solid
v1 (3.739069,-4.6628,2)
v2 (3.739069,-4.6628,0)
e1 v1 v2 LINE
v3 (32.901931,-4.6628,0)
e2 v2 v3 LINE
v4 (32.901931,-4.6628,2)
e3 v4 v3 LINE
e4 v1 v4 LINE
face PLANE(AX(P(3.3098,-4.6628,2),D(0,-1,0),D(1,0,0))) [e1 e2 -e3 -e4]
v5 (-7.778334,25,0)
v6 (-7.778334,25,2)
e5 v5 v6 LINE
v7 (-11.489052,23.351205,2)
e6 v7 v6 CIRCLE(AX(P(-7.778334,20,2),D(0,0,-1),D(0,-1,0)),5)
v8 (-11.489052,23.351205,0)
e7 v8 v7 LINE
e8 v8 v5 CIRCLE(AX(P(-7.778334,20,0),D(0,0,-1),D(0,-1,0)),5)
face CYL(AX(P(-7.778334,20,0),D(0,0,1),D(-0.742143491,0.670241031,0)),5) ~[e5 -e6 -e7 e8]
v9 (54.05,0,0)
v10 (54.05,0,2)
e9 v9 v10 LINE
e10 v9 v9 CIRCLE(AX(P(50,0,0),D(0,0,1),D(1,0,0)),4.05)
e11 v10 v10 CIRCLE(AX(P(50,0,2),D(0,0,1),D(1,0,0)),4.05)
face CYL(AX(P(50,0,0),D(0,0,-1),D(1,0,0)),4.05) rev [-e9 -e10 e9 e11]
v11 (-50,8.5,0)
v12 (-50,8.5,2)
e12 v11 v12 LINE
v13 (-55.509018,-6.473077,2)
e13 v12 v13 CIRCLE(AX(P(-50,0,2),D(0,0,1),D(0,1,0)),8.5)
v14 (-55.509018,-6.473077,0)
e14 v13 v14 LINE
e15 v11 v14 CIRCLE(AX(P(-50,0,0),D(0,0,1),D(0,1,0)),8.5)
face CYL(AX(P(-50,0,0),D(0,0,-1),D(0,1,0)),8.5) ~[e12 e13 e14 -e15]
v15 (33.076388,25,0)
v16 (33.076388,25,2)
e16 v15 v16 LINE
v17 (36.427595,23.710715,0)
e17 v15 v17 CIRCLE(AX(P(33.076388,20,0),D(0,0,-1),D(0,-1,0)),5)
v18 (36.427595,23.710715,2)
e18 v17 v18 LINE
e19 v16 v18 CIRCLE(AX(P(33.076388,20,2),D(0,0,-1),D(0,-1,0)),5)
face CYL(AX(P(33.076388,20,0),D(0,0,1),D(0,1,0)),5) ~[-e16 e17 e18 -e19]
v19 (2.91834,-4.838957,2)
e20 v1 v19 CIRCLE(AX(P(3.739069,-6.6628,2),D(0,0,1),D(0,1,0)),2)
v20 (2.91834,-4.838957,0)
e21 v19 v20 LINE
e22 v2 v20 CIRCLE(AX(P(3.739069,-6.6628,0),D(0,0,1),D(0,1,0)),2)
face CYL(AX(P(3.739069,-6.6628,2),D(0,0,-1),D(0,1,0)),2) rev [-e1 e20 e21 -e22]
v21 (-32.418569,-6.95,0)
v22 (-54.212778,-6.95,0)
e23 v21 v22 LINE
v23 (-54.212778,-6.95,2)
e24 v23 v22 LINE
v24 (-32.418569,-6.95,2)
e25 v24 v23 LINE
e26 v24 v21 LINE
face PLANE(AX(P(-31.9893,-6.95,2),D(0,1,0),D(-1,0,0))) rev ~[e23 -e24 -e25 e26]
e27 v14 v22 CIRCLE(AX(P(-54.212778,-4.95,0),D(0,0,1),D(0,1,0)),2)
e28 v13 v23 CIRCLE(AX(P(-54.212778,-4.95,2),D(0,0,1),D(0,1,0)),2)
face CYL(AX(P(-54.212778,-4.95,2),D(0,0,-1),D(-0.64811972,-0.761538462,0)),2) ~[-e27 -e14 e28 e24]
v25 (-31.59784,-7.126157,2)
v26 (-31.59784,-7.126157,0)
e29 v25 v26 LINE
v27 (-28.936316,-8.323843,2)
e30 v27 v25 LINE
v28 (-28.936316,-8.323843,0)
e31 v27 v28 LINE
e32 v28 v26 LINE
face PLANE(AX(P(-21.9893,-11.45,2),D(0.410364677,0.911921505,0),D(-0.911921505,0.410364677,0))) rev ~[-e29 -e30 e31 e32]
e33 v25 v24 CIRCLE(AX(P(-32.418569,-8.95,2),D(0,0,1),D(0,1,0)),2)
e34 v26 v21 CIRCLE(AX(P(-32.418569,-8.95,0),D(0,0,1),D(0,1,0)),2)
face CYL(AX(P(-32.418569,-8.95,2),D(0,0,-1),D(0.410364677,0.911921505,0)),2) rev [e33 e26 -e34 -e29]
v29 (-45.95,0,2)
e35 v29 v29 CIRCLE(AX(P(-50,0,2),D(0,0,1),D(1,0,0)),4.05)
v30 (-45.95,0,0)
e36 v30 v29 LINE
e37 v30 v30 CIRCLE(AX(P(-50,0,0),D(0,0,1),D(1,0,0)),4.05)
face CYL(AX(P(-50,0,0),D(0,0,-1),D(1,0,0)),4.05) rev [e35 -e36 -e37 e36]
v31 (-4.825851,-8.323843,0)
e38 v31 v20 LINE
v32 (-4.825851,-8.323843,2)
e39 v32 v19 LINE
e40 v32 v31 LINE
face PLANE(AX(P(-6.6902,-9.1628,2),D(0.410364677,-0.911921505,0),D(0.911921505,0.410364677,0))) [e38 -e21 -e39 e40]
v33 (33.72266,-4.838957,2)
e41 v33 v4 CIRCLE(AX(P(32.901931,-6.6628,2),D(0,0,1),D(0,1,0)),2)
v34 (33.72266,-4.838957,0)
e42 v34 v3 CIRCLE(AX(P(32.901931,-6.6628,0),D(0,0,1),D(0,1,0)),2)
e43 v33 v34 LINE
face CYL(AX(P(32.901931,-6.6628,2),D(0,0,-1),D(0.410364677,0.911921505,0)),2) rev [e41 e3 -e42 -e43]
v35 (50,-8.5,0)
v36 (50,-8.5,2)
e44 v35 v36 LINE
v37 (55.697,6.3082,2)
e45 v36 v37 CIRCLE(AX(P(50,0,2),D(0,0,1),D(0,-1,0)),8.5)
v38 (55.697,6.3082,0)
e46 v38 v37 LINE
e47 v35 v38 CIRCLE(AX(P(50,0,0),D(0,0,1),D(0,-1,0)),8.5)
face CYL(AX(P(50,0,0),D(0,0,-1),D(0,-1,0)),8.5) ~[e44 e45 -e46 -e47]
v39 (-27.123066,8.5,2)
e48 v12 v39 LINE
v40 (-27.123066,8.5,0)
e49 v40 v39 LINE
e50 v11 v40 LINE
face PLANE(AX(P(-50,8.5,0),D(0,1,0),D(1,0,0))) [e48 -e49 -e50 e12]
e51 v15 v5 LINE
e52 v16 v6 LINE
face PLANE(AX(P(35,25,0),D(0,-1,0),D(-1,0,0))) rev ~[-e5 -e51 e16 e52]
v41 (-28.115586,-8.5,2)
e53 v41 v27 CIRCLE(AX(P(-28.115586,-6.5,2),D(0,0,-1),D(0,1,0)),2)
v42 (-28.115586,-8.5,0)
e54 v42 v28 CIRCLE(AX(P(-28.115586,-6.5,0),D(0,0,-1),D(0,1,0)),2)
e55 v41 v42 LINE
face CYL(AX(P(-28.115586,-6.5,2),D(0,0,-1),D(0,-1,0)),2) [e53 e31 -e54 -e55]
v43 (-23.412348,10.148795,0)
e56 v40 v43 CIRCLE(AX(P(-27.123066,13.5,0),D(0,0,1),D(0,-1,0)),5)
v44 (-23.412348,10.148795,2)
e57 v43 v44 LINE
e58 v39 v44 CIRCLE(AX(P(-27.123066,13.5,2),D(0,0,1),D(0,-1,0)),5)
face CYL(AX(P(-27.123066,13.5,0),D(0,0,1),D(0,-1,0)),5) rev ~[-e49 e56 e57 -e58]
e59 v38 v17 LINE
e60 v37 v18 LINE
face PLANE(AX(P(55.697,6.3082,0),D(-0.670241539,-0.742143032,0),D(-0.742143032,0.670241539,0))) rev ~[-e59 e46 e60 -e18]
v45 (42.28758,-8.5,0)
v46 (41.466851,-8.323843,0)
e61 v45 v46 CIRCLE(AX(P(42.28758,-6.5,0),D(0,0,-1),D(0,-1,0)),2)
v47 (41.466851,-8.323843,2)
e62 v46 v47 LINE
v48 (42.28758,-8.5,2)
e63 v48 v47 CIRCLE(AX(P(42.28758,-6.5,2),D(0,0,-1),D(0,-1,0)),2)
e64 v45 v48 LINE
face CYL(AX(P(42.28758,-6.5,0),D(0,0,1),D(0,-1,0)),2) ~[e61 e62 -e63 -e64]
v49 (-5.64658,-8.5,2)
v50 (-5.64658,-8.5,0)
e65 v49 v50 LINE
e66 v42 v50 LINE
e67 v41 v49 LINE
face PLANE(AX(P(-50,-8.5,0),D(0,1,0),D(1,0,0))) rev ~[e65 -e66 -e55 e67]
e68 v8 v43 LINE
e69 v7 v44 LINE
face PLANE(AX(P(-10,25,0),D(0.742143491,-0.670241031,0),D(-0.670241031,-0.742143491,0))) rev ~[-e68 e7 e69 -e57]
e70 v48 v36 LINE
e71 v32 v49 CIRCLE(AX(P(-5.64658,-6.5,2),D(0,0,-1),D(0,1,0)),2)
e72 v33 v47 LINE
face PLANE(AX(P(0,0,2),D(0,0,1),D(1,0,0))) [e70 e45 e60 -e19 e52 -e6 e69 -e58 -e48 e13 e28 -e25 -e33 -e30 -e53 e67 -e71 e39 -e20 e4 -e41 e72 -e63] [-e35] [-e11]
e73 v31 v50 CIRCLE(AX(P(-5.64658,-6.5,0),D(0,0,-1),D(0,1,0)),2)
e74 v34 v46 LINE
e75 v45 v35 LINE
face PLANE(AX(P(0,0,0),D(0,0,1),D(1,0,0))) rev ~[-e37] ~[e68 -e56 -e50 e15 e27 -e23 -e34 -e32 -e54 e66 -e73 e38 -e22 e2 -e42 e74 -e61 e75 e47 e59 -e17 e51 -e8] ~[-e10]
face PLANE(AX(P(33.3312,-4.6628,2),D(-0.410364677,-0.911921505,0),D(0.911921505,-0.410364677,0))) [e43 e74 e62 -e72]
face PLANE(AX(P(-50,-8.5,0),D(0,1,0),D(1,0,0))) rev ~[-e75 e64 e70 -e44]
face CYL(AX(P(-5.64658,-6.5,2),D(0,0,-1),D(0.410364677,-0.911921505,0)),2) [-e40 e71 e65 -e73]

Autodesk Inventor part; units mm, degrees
ref_plane "YZ Plane" through (0, 0, 0) normal (1, 0, 0) x (0, 1, 0)
ref_plane "XZ Plane" through (0, 0, 0) normal (0, 1, 0) x (-1, 0, 0)
ref_plane "XY Plane" through (0, 0, 0) normal (0, 0, 1) x (1, 0, 0)
sketch "スケッチ1" plane through (0, 0, 0) normal (0, 0, 1) x (1, 0, 0)
  line L0 (-50, 0) -> (50, 0) construction
  circle A0 centre (-50, 0) radius 4.05
  circle A1 centre (50, 0) radius 4.05
  line L1 (-50, 8.5) -> (50, 8.5)
  line L2 (-50, -8.5) -> (50, -8.5)
  arc A2 (-50, 8.5) -> (-50, -8.5) centre (-50, 0) ccw
  arc A3 (50, -8.5) -> (50, 8.5) centre (50, 0) ccw
  line L3 (55.697, 6.3082) -> (35, 25)
  line L4 (35, 25) -> (-10, 25)
  line L5 (-10, 25) -> (-24.9014, 8.5)
  line L6 (-16.3218, 18) -> (42.751, 18) construction
  line L7 (-10, 25) -> (-10, 18) construction
  line L8 (35, 25) -> (35, 18) construction
  circle A4 centre (32.5, 21.5) radius 1.55
  circle A5 centre (-7.5, 21.5) radius 1.55
  circle A6 centre (12.5, 21.5) radius 1.55
  line L9 (-10, 21.5) -> (35, 21.5) construction
  line L10 (35, 24) -> (-10, 24) construction
  line L11 (-10, 24) -> (-10, 19) construction
  line L12 (-10, 19) -> (35, 19) construction
  line L13 (35, 19) -> (35, 24) construction
  point P0 (0, 0)
  point P1 (0, 0)
  dimension "d0" = 100
  dimension "d1" = 8.1
  dimension "d2" = 8.5
  dimension "d8" = 8.1
  dimension "d10" = 7
  dimension "d11" = 45
  dimension "d12" = 2.5
  dimension "d13" = 3.1
  dimension "d14" = 2.5
  dimension "d15" = 15
  dimension "d17" = 5
  dimension "d18" = 19
extrude "押し出し1" add sketch "スケッチ1" along normal blind 2
fillet "フィレット1" radius 5 3 edges at (-24.9014, 8.5, 1) (-10, 25, 1) (35, 25, 1)
sketch "スケッチ2" plane through (0, 0, 2) normal (0, 0, 1) x (1, 0, 0)
  arc A0 (50, -8.5) -> (55.697, 6.3082) centre (50, 0) ccw projected
  line L0 (18, -20) -> (-35.4549, -20) construction
  line L1 (-76.9607, -11.5) -> (-72, -11.5)
  line L2 (-72, -11.5) -> (-62, -7)
  line L3 (-62, -7) -> (-32, -7)
  line L4 (-32, -7) -> (-22, -11.5)
  line L5 (-22, -11.5) -> (-17.0393, -11.5)
  line L6 (-17.0393, -11.5) -> (-17.0393, -12.4)
  line L7 (-17.0393, -12.4) -> (-76.9607, -12.4)
  line L8 (-76.9607, -12.4) -> (-76.9607, -11.5)
  line L9 (-31.9893, -6.95) -> (-62.0107, -6.95)
  line L10 (-62.0107, -6.95) -> (-72.0107, -11.45)
  line L11 (-72.0107, -11.45) -> (-77.0107, -11.45)
  line L12 (-77.0107, -11.45) -> (-77.0107, -12.45)
  line L13 (-77.0107, -12.45) -> (-16.9893, -12.45)
  line L14 (-16.9893, -12.45) -> (-16.9893, -11.45)
  line L15 (-16.9893, -11.45) -> (-21.9893, -11.45)
  line L16 (-21.9893, -11.45) -> (-31.9893, -6.95)
  circle A1 centre (-50, 0) radius 4.05 projected
  circle A2 centre (-50, 0) radius 5.5 construction
  circle A3 centre (50, 0) radius 4.05 projected
  line L17 (83.3205, -17.7128) -> (50, 0) construction
  line L18 (50, 0) -> (18, -20) construction
  line L19 (83.3205, -17.7128) -> (37.8533, -17.7128) construction
  line L20 (-11.6402, -10.1128) -> (48.2812, -10.1128)
  line L21 (48.2812, -10.1128) -> (48.2812, -9.2128)
  line L22 (48.2812, -9.2128) -> (43.3205, -9.2128)
  line L23 (43.3205, -9.2128) -> (33.3205, -4.7128)
  line L24 (33.3205, -4.7128) -> (3.3205, -4.7128)
  line L25 (3.3205, -4.7128) -> (-6.6795, -9.2128)
  line L26 (-6.6795, -9.2128) -> (-11.6402, -9.2128)
  line L27 (-11.6402, -9.2128) -> (-11.6402, -10.1128)
  line L28 (-6.6902, -9.1628) -> (3.3098, -4.6628)
  line L29 (3.3098, -4.6628) -> (33.3312, -4.6628)
  line L30 (33.3312, -4.6628) -> (43.3312, -9.1628)
  line L31 (43.3312, -9.1628) -> (48.3312, -9.1628)
  line L32 (48.3312, -9.1628) -> (48.3312, -10.1628)
  line L33 (48.3312, -10.1628) -> (-11.6902, -10.1628)
  line L34 (-11.6902, -10.1628) -> (-11.6902, -9.1628)
  line L35 (-11.6902, -9.1628) -> (-6.6902, -9.1628)
  point P0 (0, 0)
  dimension "d19" = 20
  dimension "d20" = 32
  dimension "d21" = 40
  dimension "d22" = 10
  dimension "d23" = 8.5
  dimension "d24" = 10
  dimension "d25" = 30
  dimension "d26" = 13
  dimension "d27" = 0.05
  dimension "d32" = 11
  dimension "d33" = 120
  dimension "d34" = 1
  dimension "d36" = 5
  dimension "d37" = 40
  dimension "d38" = 8.5
  dimension "d39" = 0.05
extrude "押し出し2" cut sketch "スケッチ2" against normal blind 10 contours L1 L2 L3 L4 L5 L6 L7 L8 | L16 L15 L14 L13 L12 L11 L10 L9 | L27 L26 L25 L24 L23 L22 L21 L20 | L28 L29 L30 L31 L32 L33 L34 L35
fillet "フィレット2" radius 2 7 edges at (-28.5448, -8.5, 1) (-31.9893, -6.95, 1) (-5.2173, -8.5, 1) (3.3098, -4.6628, 1) (41.8583, -8.5, 1) (33.3312, -4.6628, 1) (-54.8936, -6.95, 1)
sketch "スケッチ3" plane through (0, 0, 0) normal (0, 0, -1) x (-1, 0, 0)
  circle A0 centre (7.5, 21.5) radius 1.55 projected
  circle A1 centre (7.5, 21.5) radius 1.55
  circle A2 centre (-12.5, 21.5) radius 1.55 projected
  circle A3 centre (-12.5, 21.5) radius 1.55
  circle A4 centre (-32.5, 21.5) radius 1.55 projected
  circle A5 centre (-32.5, 21.5) radius 1.55
  point P0 (0, 0)
extrude "押し出し3" add sketch "スケッチ3" against normal up to surface (2 mm away)
equation "\"d8\" = d1"
equation "\"d14\" = d12"
equation "\"d24\" = d22"
equation "\"d37\" = d21"
equation "\"d38\" = d23"
properties part number "rinnku" material "GFRP"
